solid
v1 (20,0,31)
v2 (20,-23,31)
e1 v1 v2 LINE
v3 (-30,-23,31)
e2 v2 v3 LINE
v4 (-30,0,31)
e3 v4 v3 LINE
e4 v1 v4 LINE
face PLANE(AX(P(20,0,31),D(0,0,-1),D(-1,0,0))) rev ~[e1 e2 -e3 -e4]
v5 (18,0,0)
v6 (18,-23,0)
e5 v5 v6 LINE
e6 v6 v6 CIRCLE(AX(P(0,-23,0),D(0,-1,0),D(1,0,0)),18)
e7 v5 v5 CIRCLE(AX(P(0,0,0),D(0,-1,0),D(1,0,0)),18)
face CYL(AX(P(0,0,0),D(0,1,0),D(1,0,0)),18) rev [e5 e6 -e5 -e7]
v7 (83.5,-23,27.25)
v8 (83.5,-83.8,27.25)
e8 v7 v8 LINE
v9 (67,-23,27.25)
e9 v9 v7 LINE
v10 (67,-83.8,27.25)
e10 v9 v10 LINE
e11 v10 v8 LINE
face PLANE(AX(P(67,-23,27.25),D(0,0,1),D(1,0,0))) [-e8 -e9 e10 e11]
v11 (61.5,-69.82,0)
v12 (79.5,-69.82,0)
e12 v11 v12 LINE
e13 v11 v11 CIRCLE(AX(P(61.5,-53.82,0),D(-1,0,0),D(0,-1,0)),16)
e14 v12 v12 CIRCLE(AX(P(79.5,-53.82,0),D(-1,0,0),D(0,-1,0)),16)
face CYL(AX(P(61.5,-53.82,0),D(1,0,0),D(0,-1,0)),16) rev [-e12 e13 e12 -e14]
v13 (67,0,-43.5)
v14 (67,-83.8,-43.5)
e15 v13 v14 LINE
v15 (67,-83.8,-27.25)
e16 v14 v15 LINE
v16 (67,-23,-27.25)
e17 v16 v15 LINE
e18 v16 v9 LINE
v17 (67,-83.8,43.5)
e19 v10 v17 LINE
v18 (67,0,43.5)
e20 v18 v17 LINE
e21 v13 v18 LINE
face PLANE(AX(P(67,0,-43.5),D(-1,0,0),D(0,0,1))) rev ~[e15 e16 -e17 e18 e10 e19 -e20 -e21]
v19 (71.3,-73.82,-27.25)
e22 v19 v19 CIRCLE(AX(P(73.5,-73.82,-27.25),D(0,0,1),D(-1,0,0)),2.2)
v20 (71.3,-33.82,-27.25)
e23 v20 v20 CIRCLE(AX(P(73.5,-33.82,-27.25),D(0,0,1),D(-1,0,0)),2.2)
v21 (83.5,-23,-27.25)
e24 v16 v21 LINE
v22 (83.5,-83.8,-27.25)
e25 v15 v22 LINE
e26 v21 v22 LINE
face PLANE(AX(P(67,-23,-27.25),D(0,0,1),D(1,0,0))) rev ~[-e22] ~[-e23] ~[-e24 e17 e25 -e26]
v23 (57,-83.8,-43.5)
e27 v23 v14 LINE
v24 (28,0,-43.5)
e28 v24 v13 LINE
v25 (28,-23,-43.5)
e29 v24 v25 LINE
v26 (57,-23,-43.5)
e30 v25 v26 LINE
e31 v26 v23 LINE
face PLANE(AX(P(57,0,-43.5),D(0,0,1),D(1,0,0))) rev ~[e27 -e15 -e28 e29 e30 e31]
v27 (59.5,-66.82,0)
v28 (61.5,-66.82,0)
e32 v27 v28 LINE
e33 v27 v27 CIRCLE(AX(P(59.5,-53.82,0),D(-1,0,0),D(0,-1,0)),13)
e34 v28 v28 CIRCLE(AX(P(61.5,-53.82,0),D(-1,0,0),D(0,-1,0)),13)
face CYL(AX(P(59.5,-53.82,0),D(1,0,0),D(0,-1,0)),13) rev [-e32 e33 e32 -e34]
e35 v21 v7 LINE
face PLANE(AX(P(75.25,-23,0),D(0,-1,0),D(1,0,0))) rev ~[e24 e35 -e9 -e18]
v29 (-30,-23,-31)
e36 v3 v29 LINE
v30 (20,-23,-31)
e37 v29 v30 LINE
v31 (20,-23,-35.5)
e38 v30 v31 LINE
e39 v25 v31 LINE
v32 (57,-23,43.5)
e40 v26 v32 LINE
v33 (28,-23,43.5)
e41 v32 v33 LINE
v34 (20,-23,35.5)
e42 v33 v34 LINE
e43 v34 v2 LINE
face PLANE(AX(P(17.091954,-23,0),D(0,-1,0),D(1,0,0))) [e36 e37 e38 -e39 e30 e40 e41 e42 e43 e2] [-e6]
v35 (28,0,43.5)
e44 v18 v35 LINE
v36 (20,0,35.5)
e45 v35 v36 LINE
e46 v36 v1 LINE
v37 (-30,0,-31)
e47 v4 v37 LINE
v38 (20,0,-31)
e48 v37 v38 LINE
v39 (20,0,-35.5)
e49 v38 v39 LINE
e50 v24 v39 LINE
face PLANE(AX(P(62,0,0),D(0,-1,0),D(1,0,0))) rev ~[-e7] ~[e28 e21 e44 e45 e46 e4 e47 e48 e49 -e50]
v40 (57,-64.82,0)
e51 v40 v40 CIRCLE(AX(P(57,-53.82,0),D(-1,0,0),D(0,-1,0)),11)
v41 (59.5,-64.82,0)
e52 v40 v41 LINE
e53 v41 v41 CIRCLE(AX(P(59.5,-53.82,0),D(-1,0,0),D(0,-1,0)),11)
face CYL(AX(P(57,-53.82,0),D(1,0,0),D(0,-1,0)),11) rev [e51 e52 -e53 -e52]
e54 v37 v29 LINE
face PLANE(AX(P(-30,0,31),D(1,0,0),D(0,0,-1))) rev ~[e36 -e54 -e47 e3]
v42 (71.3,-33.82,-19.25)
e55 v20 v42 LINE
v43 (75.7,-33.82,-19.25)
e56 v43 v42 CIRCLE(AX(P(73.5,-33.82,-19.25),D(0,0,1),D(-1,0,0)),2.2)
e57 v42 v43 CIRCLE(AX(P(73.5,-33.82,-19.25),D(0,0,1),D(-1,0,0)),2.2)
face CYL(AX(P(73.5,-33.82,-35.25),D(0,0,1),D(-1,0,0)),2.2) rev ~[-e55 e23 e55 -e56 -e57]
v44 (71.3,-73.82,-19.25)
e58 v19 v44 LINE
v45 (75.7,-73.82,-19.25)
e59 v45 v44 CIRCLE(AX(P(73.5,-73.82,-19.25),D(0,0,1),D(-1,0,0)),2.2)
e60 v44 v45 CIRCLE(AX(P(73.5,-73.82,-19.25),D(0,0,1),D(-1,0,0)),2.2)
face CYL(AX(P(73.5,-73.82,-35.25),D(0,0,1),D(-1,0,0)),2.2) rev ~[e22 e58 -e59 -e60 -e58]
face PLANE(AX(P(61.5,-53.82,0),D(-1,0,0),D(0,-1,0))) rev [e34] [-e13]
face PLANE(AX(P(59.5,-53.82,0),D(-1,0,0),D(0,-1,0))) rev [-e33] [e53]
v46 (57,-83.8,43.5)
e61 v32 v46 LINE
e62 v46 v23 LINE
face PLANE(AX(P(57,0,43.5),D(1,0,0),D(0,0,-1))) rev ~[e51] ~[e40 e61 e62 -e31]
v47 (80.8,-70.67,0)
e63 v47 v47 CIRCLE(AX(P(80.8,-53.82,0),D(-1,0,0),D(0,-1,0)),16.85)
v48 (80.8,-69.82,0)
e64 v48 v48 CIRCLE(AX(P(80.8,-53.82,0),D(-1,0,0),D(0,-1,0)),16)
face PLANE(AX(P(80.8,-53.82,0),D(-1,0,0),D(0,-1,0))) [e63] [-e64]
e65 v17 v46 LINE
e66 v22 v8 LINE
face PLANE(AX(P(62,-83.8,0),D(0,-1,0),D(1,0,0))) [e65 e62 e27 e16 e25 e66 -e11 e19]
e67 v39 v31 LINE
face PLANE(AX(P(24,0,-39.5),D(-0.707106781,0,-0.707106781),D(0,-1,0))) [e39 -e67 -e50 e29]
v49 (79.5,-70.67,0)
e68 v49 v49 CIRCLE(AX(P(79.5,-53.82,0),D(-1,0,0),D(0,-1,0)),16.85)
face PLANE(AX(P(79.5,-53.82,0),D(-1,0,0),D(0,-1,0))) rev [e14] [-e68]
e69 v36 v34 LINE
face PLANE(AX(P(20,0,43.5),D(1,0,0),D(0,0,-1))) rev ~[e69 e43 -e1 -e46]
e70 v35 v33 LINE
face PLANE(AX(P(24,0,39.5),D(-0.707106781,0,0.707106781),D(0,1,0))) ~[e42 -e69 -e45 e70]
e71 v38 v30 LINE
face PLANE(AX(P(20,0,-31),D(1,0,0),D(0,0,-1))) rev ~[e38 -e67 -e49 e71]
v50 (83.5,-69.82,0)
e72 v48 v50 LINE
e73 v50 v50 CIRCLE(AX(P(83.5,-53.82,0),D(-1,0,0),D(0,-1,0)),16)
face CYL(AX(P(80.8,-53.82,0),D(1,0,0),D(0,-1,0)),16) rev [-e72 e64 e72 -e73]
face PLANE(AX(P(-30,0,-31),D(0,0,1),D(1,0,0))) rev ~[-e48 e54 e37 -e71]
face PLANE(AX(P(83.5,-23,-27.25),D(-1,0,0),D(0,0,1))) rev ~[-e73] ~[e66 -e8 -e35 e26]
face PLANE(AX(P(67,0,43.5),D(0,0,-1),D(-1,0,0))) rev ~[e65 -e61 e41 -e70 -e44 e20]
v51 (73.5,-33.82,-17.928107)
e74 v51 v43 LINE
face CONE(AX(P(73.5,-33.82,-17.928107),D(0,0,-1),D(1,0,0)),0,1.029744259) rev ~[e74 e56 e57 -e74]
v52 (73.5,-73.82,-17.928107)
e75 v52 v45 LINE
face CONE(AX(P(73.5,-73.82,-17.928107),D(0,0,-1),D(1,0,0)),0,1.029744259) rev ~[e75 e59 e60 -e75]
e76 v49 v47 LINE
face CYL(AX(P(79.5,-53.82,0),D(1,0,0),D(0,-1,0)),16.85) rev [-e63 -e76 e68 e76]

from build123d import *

# Parameters (mm, degrees)
F0_R     = 18
F1_DEPTH = 23
F2_DEPTH = 83.8
F3_START = 23
F0_W     = 16.5
F0_H     = 54.5
F3_DEPTH = 60.8
F6_SIZE2 = 8
F6_SIZE  = 8
F8_D     = 4.4
F8_DEPTH = 8
F8_TIP   = 1.3218933619


with BuildPart() as f1:
    # F0 (on Front) → F1 (new body)
    with BuildSketch(Plane.XZ):
        Polygon((-30, 31), (-30, -31), (20, -31), (20, -43.5), (57, -43.5), (57, 43.5), (20, 43.5), (20, 31), align=None)
        Circle(F0_R, mode=Mode.SUBTRACT)
    extrude(amount=F1_DEPTH)

    # F0 (on Front) → F2 (join)
    with BuildSketch(Plane.XZ):
        Polygon((57, 43.5), (57, -43.5), (67, -43.5), (67, -27.25), (67, 27.25), (67, 43.5), align=None)
    extrude(amount=F2_DEPTH)

    # F0 (on Front) → F3 (join)
    with BuildSketch(Plane.XZ.offset(F3_START)):
        with Locations((75.25, 0)):
            Rectangle(F0_W, F0_H)
    extrude(amount=F3_DEPTH)

    # F4 (on Top) → F5 (revolve, cut)
    with BuildSketch(Plane.XY):
        Polygon((57, -53.82), (57, -64.82), (59.5, -64.82), (59.5, -66.82), (61.5, -66.82), (61.5, -69.82), (79.5, -69.82), (79.5, -70.67), (80.8, -70.67), (80.8, -69.82), (83.5, -69.82), (83.5, -53.82), align=None)
    revolve(axis=Axis((70.25, -53.82, 0), (-1, 0, 0)), mode=Mode.SUBTRACT)

    # F6
    f6_edges = [f1.edges().sort_by_distance(p)[0] for p in [
        (20, -11.5, 43.5),
        (20, -11.5, -43.5),
    ]]
    chamfer(f6_edges, length=F6_SIZE, length2=F6_SIZE2)

    # F8
    with Locations(Plane(origin=(0, 0, -27.25), x_dir=(1, 0, 0), z_dir=(0, 0, -1))):
        with Locations((73.5, 73.82), (73.5, 33.82)):
            Hole(F8_D / 2, depth=F8_DEPTH)
            with Locations((0, 0, -(F8_DEPTH + F8_TIP / 2))):  # 118° drill point
                Cone(0, F8_D / 2, F8_TIP, mode=Mode.SUBTRACT)


solid = f1.part
